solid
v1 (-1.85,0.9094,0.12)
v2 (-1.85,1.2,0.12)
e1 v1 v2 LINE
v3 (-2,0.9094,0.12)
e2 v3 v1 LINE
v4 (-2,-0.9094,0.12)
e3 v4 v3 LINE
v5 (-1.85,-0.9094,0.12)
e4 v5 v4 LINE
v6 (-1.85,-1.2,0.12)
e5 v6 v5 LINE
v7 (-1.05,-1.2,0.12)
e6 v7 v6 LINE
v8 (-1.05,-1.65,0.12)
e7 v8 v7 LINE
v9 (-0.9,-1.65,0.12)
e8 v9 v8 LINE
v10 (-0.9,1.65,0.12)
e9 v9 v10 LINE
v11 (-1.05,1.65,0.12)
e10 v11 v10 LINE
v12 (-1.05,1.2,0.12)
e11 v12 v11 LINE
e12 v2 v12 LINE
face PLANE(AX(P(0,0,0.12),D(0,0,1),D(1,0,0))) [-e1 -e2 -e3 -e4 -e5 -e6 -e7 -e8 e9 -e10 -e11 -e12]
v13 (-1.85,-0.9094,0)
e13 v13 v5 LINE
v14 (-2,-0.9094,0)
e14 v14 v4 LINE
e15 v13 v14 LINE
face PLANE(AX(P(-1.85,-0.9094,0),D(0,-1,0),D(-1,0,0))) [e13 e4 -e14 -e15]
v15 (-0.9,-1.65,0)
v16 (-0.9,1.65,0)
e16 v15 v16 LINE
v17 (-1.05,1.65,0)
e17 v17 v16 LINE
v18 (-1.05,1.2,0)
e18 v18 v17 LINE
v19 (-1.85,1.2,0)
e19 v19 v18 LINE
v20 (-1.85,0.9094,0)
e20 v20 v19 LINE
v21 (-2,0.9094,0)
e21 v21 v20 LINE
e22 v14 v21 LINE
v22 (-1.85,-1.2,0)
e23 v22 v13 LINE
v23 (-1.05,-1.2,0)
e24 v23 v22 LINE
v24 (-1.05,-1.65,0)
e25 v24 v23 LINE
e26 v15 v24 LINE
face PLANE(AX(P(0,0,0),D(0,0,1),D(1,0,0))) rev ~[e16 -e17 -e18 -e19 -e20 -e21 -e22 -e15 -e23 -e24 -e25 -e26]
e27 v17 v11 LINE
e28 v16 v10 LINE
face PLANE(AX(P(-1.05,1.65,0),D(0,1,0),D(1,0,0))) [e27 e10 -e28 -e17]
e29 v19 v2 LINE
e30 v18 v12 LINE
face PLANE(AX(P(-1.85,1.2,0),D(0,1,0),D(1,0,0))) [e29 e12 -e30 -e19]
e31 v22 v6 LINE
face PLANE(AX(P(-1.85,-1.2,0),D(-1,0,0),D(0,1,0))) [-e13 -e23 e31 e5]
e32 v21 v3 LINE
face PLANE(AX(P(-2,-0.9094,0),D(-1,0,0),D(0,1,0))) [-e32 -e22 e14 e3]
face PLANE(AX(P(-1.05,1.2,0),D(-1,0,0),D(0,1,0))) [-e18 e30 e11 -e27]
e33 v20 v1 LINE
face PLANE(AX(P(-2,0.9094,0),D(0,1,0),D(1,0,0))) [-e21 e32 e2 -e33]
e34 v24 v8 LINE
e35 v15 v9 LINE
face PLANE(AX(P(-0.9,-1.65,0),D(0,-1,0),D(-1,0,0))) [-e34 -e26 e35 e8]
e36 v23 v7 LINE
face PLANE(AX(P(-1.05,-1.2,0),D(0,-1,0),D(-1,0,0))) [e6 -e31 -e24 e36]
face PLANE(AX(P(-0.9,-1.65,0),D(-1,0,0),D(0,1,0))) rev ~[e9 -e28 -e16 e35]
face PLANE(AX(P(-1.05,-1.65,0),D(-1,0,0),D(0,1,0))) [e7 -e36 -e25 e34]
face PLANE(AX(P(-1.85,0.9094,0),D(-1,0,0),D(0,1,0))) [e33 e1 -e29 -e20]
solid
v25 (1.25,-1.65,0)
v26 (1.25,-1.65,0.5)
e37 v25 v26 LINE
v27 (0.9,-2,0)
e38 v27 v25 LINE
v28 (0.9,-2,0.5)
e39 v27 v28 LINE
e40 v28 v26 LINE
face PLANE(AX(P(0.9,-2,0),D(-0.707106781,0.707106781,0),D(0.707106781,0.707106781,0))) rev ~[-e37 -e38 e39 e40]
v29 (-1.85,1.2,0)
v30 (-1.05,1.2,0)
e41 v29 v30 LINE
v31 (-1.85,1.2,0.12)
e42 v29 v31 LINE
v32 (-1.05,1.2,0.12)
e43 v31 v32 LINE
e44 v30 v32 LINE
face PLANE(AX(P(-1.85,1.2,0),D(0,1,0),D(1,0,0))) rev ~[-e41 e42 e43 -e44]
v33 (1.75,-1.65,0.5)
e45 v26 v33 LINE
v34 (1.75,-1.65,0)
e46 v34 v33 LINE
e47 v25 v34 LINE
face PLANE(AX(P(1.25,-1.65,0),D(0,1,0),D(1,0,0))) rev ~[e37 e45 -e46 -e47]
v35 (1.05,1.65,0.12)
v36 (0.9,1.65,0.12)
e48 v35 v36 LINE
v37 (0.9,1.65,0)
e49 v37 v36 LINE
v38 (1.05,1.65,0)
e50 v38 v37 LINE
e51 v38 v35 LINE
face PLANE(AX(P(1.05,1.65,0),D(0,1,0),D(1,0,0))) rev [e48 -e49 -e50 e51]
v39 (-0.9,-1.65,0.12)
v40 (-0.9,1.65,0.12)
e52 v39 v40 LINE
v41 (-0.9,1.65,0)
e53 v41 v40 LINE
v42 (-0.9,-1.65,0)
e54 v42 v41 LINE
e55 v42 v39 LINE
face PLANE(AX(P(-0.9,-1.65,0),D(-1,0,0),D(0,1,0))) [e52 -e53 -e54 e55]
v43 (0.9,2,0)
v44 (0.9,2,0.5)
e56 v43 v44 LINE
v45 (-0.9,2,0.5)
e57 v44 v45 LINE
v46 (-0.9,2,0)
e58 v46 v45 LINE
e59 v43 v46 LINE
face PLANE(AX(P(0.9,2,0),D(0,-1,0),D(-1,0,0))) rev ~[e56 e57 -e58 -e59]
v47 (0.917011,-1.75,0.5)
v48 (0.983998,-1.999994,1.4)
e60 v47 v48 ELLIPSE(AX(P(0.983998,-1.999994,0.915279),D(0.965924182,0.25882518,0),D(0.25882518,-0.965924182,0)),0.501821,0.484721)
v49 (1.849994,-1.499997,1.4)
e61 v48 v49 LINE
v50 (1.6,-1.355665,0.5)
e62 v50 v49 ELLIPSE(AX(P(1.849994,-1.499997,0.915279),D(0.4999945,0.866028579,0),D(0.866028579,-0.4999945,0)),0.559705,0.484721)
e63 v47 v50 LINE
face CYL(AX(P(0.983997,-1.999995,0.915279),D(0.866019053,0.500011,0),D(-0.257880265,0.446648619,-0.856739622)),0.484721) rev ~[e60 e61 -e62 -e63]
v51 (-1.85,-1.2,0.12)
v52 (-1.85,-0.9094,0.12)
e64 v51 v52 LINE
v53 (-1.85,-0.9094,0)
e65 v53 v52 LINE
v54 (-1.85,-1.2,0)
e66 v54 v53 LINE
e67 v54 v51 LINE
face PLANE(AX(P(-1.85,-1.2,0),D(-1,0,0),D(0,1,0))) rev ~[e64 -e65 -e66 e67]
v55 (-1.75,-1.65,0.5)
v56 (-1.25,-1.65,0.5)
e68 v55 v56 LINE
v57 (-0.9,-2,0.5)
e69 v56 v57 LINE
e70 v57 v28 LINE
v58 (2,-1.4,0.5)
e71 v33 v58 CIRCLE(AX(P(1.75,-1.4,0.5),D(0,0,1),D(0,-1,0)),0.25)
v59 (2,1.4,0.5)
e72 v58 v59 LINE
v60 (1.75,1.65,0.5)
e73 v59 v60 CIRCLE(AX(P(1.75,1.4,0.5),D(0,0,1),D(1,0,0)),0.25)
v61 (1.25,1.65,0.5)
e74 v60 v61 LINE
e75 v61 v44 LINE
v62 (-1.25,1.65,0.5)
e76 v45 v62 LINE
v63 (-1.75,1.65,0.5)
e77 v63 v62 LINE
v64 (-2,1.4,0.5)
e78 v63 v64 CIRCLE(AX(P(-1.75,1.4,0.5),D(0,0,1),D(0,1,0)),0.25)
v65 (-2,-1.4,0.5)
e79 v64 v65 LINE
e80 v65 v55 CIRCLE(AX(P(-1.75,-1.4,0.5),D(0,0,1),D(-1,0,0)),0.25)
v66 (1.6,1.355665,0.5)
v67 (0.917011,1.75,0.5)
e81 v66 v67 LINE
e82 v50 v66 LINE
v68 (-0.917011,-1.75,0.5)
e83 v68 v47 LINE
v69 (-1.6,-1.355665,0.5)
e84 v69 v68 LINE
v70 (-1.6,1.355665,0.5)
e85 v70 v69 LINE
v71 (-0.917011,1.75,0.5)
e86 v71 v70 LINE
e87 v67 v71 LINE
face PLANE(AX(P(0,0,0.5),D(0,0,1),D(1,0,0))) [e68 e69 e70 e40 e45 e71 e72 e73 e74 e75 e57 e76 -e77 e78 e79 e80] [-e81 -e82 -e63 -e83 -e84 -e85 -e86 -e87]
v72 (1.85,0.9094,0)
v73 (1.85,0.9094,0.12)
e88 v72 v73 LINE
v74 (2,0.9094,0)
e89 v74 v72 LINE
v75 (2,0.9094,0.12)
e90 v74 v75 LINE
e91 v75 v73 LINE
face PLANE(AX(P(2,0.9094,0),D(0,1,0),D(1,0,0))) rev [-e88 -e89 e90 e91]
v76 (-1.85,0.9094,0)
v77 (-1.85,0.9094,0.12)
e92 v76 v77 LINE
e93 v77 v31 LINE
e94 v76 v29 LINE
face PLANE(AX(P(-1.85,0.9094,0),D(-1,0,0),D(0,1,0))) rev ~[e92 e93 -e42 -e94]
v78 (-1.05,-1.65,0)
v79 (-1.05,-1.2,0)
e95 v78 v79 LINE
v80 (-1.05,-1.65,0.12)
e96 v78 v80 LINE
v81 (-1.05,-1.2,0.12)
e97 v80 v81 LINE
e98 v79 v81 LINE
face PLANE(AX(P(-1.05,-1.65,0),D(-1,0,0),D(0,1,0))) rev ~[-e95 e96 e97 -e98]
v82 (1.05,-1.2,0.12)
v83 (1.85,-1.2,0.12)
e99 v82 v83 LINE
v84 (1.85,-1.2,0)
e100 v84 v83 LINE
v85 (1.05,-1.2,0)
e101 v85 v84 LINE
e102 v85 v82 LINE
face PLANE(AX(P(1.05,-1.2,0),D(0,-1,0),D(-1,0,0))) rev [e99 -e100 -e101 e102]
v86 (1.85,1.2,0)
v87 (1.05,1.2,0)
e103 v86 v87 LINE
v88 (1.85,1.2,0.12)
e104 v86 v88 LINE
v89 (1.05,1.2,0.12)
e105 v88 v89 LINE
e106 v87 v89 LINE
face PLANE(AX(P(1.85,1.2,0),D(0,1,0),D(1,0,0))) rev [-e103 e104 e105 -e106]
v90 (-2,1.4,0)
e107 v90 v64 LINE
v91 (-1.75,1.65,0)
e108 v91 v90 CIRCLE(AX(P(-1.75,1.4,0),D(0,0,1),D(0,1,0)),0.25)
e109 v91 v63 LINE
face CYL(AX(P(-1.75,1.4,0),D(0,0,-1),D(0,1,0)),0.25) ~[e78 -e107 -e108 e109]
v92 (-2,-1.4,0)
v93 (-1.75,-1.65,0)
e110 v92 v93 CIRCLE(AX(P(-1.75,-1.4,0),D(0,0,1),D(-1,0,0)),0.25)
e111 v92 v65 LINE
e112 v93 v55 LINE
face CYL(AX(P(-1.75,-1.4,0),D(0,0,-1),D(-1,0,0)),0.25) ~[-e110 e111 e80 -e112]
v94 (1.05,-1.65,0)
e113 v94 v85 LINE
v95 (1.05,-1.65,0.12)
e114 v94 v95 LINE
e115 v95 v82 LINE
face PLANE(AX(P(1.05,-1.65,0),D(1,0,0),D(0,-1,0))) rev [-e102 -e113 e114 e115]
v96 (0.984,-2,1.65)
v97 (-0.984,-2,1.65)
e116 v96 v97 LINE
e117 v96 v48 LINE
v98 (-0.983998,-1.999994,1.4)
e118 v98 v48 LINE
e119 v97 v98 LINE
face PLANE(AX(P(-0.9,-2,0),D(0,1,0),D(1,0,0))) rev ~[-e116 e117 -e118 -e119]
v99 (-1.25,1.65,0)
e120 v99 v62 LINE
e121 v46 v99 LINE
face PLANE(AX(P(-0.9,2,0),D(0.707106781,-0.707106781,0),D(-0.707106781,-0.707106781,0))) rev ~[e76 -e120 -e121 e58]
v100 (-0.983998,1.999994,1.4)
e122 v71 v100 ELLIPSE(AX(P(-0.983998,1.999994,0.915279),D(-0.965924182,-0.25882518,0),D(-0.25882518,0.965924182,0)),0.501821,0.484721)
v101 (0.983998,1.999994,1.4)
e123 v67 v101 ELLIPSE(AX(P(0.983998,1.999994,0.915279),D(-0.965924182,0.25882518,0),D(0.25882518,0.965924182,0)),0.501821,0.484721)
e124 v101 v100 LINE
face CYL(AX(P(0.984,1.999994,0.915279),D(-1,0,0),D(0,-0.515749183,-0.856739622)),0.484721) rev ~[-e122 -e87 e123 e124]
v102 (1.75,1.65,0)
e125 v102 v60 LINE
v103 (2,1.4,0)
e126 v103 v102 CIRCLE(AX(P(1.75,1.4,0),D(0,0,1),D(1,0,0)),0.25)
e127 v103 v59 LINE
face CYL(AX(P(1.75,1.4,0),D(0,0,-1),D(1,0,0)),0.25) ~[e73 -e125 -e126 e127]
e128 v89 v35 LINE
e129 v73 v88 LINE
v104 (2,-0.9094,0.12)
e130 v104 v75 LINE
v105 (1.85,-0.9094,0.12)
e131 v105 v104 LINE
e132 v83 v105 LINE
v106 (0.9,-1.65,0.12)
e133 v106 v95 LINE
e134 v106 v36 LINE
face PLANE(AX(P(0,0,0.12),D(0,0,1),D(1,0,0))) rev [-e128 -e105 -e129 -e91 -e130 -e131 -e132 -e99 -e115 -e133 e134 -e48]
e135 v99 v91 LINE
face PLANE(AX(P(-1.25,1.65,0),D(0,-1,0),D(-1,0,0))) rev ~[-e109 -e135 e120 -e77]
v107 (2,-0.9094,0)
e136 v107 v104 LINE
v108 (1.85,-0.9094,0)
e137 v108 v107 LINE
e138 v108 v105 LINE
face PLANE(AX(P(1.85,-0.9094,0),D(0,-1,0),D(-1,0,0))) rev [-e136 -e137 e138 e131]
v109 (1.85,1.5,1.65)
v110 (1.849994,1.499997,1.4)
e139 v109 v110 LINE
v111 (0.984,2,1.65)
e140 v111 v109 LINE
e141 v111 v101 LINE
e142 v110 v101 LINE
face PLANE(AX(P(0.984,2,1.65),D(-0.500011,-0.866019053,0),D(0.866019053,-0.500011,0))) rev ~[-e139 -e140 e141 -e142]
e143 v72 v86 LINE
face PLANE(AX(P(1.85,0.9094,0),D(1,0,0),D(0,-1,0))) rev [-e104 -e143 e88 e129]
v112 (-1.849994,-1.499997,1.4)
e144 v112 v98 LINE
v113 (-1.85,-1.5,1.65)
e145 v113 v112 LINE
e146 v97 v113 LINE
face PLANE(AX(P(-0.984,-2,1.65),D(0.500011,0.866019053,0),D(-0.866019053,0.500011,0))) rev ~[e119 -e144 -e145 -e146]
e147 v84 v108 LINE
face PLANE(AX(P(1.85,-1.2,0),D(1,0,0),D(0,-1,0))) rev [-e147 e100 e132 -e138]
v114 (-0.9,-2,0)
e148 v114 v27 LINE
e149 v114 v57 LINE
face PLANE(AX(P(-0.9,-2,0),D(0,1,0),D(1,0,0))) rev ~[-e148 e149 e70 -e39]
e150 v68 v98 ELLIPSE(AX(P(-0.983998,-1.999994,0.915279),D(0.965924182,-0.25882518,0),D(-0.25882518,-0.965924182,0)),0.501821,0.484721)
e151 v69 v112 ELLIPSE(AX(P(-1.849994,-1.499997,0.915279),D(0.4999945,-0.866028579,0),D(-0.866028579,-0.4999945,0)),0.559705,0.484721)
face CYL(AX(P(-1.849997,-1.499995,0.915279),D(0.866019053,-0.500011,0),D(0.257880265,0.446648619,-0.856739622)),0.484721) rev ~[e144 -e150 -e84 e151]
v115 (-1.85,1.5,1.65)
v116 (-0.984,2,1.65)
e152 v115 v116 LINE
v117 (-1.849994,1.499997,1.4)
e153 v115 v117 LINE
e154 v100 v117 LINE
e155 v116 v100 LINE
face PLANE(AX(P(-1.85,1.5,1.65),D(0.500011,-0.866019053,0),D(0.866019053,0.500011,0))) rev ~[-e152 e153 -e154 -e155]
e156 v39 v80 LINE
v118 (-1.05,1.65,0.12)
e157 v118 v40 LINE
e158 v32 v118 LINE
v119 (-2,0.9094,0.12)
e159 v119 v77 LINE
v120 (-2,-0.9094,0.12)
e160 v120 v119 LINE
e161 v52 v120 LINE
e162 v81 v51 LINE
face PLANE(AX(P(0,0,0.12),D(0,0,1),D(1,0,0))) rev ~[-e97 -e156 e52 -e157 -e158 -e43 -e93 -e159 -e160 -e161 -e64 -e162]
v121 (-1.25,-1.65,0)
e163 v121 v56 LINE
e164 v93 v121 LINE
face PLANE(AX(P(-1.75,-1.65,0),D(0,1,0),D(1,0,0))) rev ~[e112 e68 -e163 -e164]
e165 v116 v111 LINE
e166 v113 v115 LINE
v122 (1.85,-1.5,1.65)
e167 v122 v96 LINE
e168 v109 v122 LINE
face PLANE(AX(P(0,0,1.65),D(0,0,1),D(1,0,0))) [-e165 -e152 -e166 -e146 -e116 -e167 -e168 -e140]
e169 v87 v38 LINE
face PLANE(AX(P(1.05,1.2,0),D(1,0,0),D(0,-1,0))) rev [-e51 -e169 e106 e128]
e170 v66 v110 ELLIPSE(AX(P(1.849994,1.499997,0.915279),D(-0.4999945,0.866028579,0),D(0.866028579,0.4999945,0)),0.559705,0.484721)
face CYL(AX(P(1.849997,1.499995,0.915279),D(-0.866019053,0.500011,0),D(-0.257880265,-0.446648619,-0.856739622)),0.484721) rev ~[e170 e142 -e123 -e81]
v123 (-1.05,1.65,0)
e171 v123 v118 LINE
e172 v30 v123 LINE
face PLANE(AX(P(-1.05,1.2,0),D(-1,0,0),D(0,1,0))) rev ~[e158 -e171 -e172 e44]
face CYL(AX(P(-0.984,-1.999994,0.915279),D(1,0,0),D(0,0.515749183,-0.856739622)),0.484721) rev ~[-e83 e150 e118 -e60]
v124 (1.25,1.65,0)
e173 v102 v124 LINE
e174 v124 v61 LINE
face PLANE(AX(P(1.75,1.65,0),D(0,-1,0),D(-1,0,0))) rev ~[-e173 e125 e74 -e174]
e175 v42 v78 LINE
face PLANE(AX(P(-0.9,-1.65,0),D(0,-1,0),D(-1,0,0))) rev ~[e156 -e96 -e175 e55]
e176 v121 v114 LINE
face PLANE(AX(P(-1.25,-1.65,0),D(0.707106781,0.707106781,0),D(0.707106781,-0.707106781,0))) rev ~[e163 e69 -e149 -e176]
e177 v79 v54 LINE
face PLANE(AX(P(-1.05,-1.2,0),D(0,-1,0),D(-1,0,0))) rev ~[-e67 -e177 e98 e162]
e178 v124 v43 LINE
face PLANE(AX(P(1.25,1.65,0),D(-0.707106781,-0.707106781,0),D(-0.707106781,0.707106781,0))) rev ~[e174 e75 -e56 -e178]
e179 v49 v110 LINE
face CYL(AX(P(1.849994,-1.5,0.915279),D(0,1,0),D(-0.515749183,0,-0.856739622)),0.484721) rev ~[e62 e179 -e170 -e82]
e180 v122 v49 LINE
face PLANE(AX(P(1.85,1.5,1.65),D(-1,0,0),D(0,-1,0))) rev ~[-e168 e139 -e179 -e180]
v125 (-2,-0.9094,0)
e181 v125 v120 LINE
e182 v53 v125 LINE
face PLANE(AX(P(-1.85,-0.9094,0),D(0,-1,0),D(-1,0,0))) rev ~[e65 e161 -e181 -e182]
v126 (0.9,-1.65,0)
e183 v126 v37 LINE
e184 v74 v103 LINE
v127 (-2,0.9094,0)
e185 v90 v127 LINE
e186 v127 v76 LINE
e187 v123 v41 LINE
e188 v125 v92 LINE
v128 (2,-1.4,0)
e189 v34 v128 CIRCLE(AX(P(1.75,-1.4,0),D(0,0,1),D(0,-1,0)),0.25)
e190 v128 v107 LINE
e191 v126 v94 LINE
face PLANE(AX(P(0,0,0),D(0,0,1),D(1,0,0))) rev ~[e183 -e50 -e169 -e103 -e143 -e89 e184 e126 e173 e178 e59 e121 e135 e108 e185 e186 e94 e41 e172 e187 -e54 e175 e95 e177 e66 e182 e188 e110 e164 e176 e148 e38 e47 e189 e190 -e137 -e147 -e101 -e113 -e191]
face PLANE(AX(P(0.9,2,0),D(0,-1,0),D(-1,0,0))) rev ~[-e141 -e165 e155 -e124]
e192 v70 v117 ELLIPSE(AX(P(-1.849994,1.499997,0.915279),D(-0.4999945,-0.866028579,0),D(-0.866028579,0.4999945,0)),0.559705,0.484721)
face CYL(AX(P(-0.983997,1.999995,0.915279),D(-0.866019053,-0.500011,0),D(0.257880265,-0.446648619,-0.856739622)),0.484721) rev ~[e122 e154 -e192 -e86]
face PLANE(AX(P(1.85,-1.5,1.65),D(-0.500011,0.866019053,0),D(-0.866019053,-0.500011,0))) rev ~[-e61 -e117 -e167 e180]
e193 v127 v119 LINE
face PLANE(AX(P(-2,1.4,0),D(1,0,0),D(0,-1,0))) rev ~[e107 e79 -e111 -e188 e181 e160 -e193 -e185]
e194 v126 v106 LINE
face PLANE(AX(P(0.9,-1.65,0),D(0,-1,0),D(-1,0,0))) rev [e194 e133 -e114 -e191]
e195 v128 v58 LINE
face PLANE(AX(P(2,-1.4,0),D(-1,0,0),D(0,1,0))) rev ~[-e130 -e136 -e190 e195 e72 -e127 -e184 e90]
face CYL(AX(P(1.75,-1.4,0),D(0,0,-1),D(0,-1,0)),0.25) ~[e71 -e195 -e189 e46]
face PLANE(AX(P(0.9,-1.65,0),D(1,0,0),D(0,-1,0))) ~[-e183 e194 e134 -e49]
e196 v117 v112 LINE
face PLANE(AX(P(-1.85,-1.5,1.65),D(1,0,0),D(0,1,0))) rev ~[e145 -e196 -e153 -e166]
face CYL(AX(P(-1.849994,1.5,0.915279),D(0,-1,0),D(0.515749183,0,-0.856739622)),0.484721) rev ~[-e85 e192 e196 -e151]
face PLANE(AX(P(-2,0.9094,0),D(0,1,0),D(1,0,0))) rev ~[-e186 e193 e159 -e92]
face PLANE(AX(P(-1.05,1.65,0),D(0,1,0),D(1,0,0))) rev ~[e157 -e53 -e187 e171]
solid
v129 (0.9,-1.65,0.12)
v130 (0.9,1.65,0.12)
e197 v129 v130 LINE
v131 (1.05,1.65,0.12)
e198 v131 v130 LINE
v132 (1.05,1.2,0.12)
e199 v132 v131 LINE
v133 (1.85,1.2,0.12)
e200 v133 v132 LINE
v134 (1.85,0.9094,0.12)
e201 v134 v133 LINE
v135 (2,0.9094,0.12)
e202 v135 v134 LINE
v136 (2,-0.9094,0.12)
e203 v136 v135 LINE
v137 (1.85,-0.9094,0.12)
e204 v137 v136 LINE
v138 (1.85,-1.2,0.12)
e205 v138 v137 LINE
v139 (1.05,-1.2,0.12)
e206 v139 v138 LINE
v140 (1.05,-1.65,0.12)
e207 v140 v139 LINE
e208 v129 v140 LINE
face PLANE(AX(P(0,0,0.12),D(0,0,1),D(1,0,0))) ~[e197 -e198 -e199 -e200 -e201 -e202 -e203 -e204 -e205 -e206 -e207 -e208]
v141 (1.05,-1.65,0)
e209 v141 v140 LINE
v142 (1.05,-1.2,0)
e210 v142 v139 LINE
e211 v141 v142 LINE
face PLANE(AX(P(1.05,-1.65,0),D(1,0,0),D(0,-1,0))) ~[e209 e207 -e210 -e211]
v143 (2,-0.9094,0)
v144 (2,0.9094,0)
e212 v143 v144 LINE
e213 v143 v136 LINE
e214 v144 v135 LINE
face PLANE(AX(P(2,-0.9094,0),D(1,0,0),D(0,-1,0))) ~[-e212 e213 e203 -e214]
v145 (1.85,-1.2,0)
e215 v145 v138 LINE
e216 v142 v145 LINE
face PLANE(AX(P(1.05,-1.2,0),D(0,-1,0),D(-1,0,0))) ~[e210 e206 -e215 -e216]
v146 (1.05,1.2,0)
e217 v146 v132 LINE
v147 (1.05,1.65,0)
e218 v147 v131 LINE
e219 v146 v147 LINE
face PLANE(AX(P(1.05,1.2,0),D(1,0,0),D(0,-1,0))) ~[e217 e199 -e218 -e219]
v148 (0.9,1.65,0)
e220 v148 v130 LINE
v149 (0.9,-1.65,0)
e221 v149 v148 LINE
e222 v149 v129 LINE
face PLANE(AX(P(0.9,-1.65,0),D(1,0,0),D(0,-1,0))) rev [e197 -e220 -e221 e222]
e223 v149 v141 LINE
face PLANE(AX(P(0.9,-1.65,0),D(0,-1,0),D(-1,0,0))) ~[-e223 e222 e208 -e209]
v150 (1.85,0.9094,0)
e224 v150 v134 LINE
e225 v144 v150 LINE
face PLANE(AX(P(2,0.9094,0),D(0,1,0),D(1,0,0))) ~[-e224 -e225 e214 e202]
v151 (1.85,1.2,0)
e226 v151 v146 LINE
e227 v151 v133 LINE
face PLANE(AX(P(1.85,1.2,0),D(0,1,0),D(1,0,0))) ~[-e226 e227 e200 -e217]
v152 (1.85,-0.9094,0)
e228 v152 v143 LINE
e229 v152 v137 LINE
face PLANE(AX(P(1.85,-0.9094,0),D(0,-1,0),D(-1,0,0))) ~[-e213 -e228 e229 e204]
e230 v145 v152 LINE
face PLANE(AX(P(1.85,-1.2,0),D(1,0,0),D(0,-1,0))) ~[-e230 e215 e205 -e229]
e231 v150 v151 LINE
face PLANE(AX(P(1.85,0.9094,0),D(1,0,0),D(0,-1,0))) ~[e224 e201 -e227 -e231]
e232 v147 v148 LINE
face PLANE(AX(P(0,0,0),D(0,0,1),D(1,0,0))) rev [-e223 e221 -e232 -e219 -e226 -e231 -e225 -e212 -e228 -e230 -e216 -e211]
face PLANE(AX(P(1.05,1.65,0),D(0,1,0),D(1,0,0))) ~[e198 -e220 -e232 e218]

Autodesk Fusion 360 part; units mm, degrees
sketch "Sketch1" plane through (0, 0, 0) normal (0, 0, 1) x (1, 0, 0)
  line L0 (-2, 1.4) -> (-2, -1.4)
  line L1 (-1.75, -1.65) -> (-1.25, -1.65)
  line L2 (-1.25, -1.65) -> (-0.9, -2)
  line L3 (-0.9, -2) -> (0.9, -2)
  line L4 (0.9, -2) -> (1.25, -1.65)
  line L5 (1.25, -1.65) -> (1.75, -1.65)
  line L6 (2, -1.4) -> (2, 1.4)
  line L7 (1.75, 1.65) -> (1.25, 1.65)
  line L8 (1.25, 1.65) -> (0.9, 2)
  line L9 (0.9, 2) -> (-0.9, 2)
  line L10 (-0.9, 2) -> (-1.25, 1.65)
  line L11 (-1.25, 1.65) -> (-1.75, 1.65)
  line L12 (-1.25, 1.65) -> (1.25, 1.65) construction
  line L13 (1.25, -1.65) -> (-1.25, -1.65) construction
  line L14 (-0.9, 2) -> (-0.9, -2) construction
  line L15 (0.9, 2) -> (0.9, -2) construction
  line L16 (-0.9, 1.65) -> (0.9, -1.65) construction
  arc A0 (-1.75, 1.65) -> (-2, 1.4) centre (-1.75, 1.4) ccw
  arc A1 (-2, -1.4) -> (-1.75, -1.65) centre (-1.75, -1.4) ccw
  arc A2 (1.75, -1.65) -> (2, -1.4) centre (1.75, -1.4) ccw
  arc A3 (2, 1.4) -> (1.75, 1.65) centre (1.75, 1.4) ccw
  point P0 (-2, 1.65)
  point P1 (-2, -1.65)
  dimension "d1" = 3.3
  dimension "d2" = 4
  dimension "d3" = 1.8
  dimension "d4" = 45
  dimension "d5" = 45
  dimension "d6" = 45
  dimension "d7" = 45
  dimension "d8" = 4
  dimension "d9" = 0.25
extrude "Extrude1" add sketch "Sketch1" along normal blind 0.5 makes body 1
ref_plane "WorkPlane1" through (0, 0, 1.65) normal (0, 0, 1) x (1, 0, 0)
sketch "Sketch2" plane through (0, 0, 1.65) normal (0, 0, 1) x (1, 0, 0)
  line L0 (1.85, -1.5) -> (-1.85, -1.5) construction
  line L1 (-1.85, -1.5) -> (-1.85, 1.5)
  line L2 (-1.85, 1.5) -> (1.85, 1.5) construction
  line L3 (1.85, 1.5) -> (1.85, -1.5)
  line L4 (-1.85, 1.5) -> (-0.984, 2)
  line L5 (-0.984, 2) -> (0.984, 2)
  line L6 (0.984, 2) -> (1.85, 1.5)
  line L7 (1.85, -1.5) -> (0.984, -2)
  line L8 (0.984, -2) -> (-0.984, -2)
  line L9 (-0.984, -2) -> (-1.85, -1.5)
  line L10 (-0.984, -2) -> (-0.984, 2) construction
  line L11 (0.984, 2) -> (0.984, -2) construction
  line L12 (-0.984, 1.5) -> (0.984, -1.5) construction
  dimension "d13" = 3.7
  dimension "d14" = 4
  dimension "d15" = 60
  dimension "d16" = 60
  dimension "d17" = 60
  dimension "d18" = 0.5
extrude "Extrude3" add sketch "Sketch2" against normal blind 1.15 bodies 1
ref_plane "WorkPlane4" through (0, 0, 0.825) normal (0, 0, 1) x (1, 0, 0)
sketch "Sketch6" plane through (0, 0, 0.825) normal (0, 0, 1) x (1, 0, 0)
  line L0 (-0.984, -2) -> (0.984, -2)
  line L1 (0.984, -2) -> (1.85, -1.5)
  line L2 (1.85, -1.5) -> (1.85, 1.5)
  line L3 (1.85, 1.5) -> (0.984, 2)
  line L4 (0.984, 2) -> (-0.984, 2)
  line L5 (-0.984, 2) -> (-1.85, 1.5)
  line L6 (-1.85, 1.5) -> (-1.85, -1.5)
  line L7 (-1.85, -1.5) -> (-0.984, -2)
ref_plane "WorkPlane5" through (0, 0, 1.075) normal (-1, 0, 0) x (0, 1, 0)
sketch "Sketch7" plane through (0, 0, 1.075) normal (-1, 0, 0) x (0, 1, 0)
  line L0 (2, -0.575) -> (1.5, -0.575)
  line L1 (2, -0.575) -> (2, 0.575)
  line L2 (2, -0.325) -> (1.5, -0.325) construction
  arc A0 (1.75, 0.575) -> (2, -0.325) centre (2, 0.1597) ccw
  line L3 (2, -0.325) -> (2, 0.575)
  line L4 (2, 0.575) -> (1.75, 0.575)
  dimension "d35" = 0.25
  dimension "d42" = 0.25
sweep "Sweep2" cut profiles "Sketch7" path "Sketch6" along L5 L6 L7 L0 L1 L2 L3 L4 section 1 bodies 1
sketch "Sketch8" plane through (0, 0, 0) normal (0, 0, 1) x (1, 0, 0)
  line L0 (-2, -1.65) -> (-0.9, -1.65) construction
  line L1 (-0.9, -1.65) -> (-0.9, 1.65)
  line L2 (-0.9, 1.65) -> (-2, 1.65) construction
  line L3 (-2, 1.65) -> (-2, -1.65) construction
  line L4 (-0.9, -1.65) -> (-1.05, -1.65)
  line L5 (-1.05, -1.2) -> (-1.85, -1.2)
  line L6 (-1.85, -1.2) -> (-1.85, -0.9094)
  line L7 (-1.85, -0.9094) -> (-2, -0.9094)
  line L8 (-2, 0.9094) -> (-1.85, 0.9094)
  line L9 (-1.85, 0.9094) -> (-1.85, 1.2)
  line L10 (-1.85, 1.2) -> (-1.05, 1.2)
  line L11 (-1.05, 1.2) -> (-1.05, 1.65)
  line L12 (-1.05, -1.65) -> (-1.05, -1.2)
  line L13 (-1.05, 1.65) -> (-0.9, 1.65)
  line L14 (-1.85, -0.9094) -> (-1.85, 0.9094) construction
  line L15 (-1.05, -1.2) -> (-1.05, 1.2) construction
  line L16 (-1.85, 0) -> (-0.9, 0) construction
  line L17 (-0.9, 0) -> (0, 0) construction
  line L18 (-2, -0.9094) -> (-2, 0.9094)
  line L19 (-2, 1.4) -> (-2, -1.4) construction
  dimension "d43" = 3.3
  dimension "d44" = 2.4
  dimension "d45" = 1.1
  dimension "d46" = 0.8
extrude "Extrude4" add sketch "Sketch8" along normal blind 0.12 separate body makes body 2
mirror "Mirror1" about plane through (0, 0, 0) normal (1, 0, 0) of bodies 2 makes body 3
combine "Combine1" operation cut target body 1 tool bodies 2 3 keep tools
